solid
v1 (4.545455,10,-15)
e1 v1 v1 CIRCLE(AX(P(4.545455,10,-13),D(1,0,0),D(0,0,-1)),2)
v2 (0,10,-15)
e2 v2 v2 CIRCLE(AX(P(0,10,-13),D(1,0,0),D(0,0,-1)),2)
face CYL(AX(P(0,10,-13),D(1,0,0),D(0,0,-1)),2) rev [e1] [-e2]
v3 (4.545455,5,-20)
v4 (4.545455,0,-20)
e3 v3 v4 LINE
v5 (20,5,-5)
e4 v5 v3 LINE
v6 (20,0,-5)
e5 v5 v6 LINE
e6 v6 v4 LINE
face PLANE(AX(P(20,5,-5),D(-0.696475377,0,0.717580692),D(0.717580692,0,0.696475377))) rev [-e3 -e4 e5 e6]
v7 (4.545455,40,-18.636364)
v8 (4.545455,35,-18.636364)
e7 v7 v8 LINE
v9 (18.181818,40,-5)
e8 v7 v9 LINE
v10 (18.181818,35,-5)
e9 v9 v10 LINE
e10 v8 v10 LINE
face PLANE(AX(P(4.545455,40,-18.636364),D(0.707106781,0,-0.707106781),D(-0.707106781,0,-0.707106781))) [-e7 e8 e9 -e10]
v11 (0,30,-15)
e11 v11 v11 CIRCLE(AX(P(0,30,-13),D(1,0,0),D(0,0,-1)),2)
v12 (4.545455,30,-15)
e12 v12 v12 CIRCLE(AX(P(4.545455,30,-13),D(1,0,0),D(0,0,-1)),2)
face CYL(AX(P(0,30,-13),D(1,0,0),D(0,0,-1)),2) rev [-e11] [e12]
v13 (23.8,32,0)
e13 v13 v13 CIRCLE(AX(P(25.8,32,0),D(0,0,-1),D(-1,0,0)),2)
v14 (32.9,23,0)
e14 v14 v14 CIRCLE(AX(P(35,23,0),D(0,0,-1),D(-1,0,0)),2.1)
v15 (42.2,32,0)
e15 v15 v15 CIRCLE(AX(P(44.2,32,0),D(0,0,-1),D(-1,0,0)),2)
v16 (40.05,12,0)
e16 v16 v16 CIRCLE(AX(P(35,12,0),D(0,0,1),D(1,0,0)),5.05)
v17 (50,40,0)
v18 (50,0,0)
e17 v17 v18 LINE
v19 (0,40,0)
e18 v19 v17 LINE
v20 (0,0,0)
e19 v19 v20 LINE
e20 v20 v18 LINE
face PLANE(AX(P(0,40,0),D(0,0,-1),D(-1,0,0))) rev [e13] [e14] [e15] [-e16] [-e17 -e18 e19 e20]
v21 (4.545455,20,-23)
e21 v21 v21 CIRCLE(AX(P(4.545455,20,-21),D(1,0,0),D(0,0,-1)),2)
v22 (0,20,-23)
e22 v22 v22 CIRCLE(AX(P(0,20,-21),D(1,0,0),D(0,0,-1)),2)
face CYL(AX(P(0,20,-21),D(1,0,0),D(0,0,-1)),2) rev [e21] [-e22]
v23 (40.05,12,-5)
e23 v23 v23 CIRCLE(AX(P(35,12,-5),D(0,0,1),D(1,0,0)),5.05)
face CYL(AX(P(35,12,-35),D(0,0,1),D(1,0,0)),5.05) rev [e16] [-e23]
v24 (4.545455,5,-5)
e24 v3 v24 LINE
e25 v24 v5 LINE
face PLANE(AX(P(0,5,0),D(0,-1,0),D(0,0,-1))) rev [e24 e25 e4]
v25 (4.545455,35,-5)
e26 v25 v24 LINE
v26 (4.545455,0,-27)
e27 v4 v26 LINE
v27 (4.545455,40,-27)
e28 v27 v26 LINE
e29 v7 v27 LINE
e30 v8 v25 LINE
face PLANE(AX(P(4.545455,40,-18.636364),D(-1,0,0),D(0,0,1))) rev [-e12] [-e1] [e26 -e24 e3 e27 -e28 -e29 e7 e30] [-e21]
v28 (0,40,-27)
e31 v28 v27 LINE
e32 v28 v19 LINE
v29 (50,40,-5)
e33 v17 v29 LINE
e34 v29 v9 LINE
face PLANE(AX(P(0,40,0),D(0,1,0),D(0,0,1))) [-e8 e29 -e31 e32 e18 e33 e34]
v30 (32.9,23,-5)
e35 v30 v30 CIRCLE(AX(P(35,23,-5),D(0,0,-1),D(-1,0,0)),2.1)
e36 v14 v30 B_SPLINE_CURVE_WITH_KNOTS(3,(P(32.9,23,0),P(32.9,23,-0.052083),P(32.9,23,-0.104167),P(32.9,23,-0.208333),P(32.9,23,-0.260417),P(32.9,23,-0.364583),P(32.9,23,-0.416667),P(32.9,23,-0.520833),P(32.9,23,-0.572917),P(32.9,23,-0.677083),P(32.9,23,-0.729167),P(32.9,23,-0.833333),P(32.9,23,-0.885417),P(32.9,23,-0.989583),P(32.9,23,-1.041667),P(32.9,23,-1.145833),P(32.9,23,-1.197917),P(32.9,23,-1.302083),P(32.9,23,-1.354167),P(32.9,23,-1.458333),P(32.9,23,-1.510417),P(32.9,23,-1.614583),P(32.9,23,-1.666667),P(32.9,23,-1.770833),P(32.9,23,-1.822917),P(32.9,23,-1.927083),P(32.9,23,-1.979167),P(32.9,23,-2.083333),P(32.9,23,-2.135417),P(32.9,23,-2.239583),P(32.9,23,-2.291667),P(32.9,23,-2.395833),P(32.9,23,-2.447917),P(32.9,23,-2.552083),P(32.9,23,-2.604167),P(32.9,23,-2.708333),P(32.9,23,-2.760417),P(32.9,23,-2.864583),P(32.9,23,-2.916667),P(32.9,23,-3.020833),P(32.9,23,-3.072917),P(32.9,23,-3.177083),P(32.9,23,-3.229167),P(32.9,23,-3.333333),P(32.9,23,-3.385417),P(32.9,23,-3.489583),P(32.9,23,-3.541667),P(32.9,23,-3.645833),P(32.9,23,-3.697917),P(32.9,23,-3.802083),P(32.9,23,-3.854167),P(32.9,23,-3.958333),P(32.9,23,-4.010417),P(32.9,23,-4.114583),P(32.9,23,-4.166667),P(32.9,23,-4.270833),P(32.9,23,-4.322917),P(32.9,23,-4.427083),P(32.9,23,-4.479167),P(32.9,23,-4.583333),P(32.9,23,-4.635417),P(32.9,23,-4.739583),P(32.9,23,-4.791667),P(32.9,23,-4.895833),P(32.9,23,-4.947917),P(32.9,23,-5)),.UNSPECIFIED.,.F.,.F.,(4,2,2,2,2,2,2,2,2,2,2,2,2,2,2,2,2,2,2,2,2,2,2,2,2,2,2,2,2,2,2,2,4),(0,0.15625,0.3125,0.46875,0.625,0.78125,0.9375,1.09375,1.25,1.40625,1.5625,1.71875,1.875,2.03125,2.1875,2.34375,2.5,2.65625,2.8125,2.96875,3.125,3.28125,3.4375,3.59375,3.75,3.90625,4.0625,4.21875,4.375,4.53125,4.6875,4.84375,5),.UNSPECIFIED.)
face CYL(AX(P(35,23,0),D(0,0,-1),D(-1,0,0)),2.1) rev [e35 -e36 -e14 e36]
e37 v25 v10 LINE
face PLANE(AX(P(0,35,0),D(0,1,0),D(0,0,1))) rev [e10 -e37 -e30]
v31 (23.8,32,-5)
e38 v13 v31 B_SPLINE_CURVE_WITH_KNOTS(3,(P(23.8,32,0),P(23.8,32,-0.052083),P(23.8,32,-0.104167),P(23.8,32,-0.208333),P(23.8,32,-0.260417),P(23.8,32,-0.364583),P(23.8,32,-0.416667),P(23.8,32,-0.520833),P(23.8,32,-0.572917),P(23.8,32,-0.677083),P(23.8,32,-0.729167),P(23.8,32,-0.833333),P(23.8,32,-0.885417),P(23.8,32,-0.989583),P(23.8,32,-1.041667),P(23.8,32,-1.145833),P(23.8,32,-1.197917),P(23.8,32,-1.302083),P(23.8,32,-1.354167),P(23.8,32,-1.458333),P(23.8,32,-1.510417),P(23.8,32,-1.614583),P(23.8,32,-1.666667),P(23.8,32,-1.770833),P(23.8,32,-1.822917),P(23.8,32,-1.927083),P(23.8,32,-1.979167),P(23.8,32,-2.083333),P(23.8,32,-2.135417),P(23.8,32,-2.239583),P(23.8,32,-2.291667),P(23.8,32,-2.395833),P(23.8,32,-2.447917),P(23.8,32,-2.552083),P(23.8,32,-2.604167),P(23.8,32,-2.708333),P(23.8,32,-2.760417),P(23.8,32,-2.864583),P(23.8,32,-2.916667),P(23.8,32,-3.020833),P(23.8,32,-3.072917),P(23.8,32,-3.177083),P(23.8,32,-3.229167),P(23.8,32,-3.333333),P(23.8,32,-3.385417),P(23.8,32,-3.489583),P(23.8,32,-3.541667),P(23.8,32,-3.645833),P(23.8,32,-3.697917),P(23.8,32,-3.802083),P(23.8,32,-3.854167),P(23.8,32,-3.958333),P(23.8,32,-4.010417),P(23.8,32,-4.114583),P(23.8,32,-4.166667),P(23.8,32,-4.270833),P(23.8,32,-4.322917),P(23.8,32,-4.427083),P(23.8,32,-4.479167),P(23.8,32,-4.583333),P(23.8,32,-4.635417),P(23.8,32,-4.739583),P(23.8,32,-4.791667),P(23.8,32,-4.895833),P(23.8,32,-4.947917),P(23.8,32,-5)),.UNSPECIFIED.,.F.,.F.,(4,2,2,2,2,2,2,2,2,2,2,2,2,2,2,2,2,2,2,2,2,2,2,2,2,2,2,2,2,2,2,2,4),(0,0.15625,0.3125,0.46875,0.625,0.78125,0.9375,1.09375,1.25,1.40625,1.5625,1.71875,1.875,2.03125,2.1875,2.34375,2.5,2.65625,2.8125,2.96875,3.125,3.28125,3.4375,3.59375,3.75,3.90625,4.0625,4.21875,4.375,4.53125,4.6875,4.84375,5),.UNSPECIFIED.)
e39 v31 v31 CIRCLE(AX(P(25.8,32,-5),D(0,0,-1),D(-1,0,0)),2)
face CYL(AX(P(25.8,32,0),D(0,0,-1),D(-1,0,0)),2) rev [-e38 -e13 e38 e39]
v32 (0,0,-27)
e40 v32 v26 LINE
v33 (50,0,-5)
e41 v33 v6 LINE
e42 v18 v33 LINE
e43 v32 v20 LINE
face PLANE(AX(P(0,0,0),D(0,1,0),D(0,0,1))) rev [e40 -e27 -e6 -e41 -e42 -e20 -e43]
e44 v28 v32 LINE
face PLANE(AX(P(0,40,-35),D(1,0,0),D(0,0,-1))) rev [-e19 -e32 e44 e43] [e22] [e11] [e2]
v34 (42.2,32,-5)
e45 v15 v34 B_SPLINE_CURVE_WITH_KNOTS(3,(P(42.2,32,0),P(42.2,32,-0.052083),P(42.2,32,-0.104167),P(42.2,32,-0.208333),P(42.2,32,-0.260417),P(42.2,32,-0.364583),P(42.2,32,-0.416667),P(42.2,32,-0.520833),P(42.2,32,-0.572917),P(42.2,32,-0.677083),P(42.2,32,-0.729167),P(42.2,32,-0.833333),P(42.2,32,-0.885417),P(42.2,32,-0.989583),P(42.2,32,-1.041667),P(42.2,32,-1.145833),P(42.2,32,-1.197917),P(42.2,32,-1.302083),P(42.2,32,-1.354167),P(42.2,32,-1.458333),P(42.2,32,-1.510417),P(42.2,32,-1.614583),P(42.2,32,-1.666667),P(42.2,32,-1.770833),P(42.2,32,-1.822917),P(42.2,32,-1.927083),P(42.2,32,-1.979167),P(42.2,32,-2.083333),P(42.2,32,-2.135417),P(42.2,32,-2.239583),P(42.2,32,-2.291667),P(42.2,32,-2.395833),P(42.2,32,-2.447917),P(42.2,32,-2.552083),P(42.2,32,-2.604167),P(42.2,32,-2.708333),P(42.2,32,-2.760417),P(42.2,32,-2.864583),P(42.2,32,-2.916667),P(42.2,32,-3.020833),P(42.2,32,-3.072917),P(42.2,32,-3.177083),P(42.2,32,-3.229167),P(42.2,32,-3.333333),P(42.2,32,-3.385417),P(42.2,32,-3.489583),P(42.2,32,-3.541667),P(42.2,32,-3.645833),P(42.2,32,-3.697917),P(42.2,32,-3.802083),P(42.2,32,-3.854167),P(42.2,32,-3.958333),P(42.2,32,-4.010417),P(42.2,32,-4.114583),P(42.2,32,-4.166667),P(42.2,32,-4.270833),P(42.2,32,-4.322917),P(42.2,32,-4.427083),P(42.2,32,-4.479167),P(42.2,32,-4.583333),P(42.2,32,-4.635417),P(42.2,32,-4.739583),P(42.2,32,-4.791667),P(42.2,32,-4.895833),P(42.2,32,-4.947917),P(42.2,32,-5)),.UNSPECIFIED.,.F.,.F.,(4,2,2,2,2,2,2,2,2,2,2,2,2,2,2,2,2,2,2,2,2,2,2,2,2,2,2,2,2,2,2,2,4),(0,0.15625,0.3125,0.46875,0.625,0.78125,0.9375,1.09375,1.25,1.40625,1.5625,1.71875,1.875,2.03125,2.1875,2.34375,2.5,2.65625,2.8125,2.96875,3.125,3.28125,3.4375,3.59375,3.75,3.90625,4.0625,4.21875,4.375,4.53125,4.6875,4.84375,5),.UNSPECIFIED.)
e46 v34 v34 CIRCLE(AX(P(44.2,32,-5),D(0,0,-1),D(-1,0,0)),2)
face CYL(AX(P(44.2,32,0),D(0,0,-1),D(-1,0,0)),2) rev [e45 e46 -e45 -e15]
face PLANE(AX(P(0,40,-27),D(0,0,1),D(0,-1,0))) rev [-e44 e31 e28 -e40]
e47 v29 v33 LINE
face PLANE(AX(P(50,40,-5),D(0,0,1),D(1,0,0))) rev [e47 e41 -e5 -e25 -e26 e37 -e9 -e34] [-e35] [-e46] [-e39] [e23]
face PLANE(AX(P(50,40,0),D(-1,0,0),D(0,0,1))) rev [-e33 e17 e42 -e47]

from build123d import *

# Parameters (mm, degrees)
BOSS_EXTRUDE1_DEPTH = 40
CUT_EXTRUDE1_DEPTH  = 35
BOSS_EXTRUDE2_DEPTH = 5
SKETCH6_R           = 2
CUT_EXTRUDE2_DEPTH  = 70.936511941
SKETCH7_R           = 3.1
SKETCH7_R_2         = 2.1
SKETCH7_R_3         = 2
CUT_EXTRUDE4_DEPTH  = 71.710678119
SKETCH8_R           = 5.05
CUT_EXTRUDE5_DEPTH  = 73.972597597
SKETCH10_W          = 8
SKETCH10_H          = 40
CUT_EXTRUDE8_DEPTH  = 70.936511941


with BuildPart() as part:
    # Sketch1 → Boss-Extrude1 (new body)
    with BuildSketch(Plane(origin=(0, 0, 0), x_dir=(1, 0, 0), z_dir=(0, 1, 0))):
        Polygon((0, 0), (50, 0), (50, 5), (18.181818182, 5), (4.545454545, 18.636363636), (4.545454545, 35), (0, 35), align=None)
    extrude(amount=BOSS_EXTRUDE1_DEPTH)

    # Sketch3 → Cut-Extrude1 (cut)
    with BuildSketch(Plane.XZ):
        Polygon((4.545454545, -18.636363636), (4.545454545, -5), (18.181818182, -5), align=None)
    extrude(amount=-CUT_EXTRUDE1_DEPTH, mode=Mode.SUBTRACT)

    # Sketch5 → Boss-Extrude2 (add)
    with BuildSketch(Plane.XZ):
        Polygon((4.545454545, -20), (4.545454545, -5), (20, -5), align=None)
    extrude(amount=-BOSS_EXTRUDE2_DEPTH)

    # Sketch6 → Cut-Extrude2 (cut, through all)
    with BuildSketch(Plane(origin=(4.545454545, 0, 0), x_dir=(0, 0, -1), z_dir=(1, 0, 0))):
        with Locations((13, 30)):
            Circle(SKETCH6_R)
        with Locations((13, 10)):
            Circle(SKETCH6_R)
        with Locations((21, 20)):
            Circle(SKETCH6_R)
    extrude(amount=-CUT_EXTRUDE2_DEPTH, mode=Mode.SUBTRACT)

    # Sketch7 → Cut-Extrude4 (cut, through all)
    with BuildSketch(Plane(origin=(0, 0, -5), x_dir=(-1, 0, 0), z_dir=(0, 0, -1))):
        with Locations((-35, 12)):
            Circle(SKETCH7_R)
        with Locations((-35, 23)):
            Circle(SKETCH7_R_2)
        with Locations((-25.8, 32)):
            Circle(SKETCH7_R_3)
        with Locations((-44.2, 32)):
            Circle(SKETCH7_R_3)
    extrude(amount=-CUT_EXTRUDE4_DEPTH, mode=Mode.SUBTRACT)

    # Sketch8 → Cut-Extrude5 (cut, through all)
    with BuildSketch(Plane.XY):
        with Locations((35, 12)):
            Circle(SKETCH8_R)
    extrude(amount=-CUT_EXTRUDE5_DEPTH, mode=Mode.SUBTRACT)

    # Sketch10 → Cut-Extrude8 (cut, through all)
    with BuildSketch(Plane(origin=(4.545454545, 0, 0), x_dir=(0, 0, -1), z_dir=(1, 0, 0))):
        with Locations((31, 20)):
            Rectangle(SKETCH10_W, SKETCH10_H)
    extrude(amount=-CUT_EXTRUDE8_DEPTH, mode=Mode.SUBTRACT)


solid = part.part
